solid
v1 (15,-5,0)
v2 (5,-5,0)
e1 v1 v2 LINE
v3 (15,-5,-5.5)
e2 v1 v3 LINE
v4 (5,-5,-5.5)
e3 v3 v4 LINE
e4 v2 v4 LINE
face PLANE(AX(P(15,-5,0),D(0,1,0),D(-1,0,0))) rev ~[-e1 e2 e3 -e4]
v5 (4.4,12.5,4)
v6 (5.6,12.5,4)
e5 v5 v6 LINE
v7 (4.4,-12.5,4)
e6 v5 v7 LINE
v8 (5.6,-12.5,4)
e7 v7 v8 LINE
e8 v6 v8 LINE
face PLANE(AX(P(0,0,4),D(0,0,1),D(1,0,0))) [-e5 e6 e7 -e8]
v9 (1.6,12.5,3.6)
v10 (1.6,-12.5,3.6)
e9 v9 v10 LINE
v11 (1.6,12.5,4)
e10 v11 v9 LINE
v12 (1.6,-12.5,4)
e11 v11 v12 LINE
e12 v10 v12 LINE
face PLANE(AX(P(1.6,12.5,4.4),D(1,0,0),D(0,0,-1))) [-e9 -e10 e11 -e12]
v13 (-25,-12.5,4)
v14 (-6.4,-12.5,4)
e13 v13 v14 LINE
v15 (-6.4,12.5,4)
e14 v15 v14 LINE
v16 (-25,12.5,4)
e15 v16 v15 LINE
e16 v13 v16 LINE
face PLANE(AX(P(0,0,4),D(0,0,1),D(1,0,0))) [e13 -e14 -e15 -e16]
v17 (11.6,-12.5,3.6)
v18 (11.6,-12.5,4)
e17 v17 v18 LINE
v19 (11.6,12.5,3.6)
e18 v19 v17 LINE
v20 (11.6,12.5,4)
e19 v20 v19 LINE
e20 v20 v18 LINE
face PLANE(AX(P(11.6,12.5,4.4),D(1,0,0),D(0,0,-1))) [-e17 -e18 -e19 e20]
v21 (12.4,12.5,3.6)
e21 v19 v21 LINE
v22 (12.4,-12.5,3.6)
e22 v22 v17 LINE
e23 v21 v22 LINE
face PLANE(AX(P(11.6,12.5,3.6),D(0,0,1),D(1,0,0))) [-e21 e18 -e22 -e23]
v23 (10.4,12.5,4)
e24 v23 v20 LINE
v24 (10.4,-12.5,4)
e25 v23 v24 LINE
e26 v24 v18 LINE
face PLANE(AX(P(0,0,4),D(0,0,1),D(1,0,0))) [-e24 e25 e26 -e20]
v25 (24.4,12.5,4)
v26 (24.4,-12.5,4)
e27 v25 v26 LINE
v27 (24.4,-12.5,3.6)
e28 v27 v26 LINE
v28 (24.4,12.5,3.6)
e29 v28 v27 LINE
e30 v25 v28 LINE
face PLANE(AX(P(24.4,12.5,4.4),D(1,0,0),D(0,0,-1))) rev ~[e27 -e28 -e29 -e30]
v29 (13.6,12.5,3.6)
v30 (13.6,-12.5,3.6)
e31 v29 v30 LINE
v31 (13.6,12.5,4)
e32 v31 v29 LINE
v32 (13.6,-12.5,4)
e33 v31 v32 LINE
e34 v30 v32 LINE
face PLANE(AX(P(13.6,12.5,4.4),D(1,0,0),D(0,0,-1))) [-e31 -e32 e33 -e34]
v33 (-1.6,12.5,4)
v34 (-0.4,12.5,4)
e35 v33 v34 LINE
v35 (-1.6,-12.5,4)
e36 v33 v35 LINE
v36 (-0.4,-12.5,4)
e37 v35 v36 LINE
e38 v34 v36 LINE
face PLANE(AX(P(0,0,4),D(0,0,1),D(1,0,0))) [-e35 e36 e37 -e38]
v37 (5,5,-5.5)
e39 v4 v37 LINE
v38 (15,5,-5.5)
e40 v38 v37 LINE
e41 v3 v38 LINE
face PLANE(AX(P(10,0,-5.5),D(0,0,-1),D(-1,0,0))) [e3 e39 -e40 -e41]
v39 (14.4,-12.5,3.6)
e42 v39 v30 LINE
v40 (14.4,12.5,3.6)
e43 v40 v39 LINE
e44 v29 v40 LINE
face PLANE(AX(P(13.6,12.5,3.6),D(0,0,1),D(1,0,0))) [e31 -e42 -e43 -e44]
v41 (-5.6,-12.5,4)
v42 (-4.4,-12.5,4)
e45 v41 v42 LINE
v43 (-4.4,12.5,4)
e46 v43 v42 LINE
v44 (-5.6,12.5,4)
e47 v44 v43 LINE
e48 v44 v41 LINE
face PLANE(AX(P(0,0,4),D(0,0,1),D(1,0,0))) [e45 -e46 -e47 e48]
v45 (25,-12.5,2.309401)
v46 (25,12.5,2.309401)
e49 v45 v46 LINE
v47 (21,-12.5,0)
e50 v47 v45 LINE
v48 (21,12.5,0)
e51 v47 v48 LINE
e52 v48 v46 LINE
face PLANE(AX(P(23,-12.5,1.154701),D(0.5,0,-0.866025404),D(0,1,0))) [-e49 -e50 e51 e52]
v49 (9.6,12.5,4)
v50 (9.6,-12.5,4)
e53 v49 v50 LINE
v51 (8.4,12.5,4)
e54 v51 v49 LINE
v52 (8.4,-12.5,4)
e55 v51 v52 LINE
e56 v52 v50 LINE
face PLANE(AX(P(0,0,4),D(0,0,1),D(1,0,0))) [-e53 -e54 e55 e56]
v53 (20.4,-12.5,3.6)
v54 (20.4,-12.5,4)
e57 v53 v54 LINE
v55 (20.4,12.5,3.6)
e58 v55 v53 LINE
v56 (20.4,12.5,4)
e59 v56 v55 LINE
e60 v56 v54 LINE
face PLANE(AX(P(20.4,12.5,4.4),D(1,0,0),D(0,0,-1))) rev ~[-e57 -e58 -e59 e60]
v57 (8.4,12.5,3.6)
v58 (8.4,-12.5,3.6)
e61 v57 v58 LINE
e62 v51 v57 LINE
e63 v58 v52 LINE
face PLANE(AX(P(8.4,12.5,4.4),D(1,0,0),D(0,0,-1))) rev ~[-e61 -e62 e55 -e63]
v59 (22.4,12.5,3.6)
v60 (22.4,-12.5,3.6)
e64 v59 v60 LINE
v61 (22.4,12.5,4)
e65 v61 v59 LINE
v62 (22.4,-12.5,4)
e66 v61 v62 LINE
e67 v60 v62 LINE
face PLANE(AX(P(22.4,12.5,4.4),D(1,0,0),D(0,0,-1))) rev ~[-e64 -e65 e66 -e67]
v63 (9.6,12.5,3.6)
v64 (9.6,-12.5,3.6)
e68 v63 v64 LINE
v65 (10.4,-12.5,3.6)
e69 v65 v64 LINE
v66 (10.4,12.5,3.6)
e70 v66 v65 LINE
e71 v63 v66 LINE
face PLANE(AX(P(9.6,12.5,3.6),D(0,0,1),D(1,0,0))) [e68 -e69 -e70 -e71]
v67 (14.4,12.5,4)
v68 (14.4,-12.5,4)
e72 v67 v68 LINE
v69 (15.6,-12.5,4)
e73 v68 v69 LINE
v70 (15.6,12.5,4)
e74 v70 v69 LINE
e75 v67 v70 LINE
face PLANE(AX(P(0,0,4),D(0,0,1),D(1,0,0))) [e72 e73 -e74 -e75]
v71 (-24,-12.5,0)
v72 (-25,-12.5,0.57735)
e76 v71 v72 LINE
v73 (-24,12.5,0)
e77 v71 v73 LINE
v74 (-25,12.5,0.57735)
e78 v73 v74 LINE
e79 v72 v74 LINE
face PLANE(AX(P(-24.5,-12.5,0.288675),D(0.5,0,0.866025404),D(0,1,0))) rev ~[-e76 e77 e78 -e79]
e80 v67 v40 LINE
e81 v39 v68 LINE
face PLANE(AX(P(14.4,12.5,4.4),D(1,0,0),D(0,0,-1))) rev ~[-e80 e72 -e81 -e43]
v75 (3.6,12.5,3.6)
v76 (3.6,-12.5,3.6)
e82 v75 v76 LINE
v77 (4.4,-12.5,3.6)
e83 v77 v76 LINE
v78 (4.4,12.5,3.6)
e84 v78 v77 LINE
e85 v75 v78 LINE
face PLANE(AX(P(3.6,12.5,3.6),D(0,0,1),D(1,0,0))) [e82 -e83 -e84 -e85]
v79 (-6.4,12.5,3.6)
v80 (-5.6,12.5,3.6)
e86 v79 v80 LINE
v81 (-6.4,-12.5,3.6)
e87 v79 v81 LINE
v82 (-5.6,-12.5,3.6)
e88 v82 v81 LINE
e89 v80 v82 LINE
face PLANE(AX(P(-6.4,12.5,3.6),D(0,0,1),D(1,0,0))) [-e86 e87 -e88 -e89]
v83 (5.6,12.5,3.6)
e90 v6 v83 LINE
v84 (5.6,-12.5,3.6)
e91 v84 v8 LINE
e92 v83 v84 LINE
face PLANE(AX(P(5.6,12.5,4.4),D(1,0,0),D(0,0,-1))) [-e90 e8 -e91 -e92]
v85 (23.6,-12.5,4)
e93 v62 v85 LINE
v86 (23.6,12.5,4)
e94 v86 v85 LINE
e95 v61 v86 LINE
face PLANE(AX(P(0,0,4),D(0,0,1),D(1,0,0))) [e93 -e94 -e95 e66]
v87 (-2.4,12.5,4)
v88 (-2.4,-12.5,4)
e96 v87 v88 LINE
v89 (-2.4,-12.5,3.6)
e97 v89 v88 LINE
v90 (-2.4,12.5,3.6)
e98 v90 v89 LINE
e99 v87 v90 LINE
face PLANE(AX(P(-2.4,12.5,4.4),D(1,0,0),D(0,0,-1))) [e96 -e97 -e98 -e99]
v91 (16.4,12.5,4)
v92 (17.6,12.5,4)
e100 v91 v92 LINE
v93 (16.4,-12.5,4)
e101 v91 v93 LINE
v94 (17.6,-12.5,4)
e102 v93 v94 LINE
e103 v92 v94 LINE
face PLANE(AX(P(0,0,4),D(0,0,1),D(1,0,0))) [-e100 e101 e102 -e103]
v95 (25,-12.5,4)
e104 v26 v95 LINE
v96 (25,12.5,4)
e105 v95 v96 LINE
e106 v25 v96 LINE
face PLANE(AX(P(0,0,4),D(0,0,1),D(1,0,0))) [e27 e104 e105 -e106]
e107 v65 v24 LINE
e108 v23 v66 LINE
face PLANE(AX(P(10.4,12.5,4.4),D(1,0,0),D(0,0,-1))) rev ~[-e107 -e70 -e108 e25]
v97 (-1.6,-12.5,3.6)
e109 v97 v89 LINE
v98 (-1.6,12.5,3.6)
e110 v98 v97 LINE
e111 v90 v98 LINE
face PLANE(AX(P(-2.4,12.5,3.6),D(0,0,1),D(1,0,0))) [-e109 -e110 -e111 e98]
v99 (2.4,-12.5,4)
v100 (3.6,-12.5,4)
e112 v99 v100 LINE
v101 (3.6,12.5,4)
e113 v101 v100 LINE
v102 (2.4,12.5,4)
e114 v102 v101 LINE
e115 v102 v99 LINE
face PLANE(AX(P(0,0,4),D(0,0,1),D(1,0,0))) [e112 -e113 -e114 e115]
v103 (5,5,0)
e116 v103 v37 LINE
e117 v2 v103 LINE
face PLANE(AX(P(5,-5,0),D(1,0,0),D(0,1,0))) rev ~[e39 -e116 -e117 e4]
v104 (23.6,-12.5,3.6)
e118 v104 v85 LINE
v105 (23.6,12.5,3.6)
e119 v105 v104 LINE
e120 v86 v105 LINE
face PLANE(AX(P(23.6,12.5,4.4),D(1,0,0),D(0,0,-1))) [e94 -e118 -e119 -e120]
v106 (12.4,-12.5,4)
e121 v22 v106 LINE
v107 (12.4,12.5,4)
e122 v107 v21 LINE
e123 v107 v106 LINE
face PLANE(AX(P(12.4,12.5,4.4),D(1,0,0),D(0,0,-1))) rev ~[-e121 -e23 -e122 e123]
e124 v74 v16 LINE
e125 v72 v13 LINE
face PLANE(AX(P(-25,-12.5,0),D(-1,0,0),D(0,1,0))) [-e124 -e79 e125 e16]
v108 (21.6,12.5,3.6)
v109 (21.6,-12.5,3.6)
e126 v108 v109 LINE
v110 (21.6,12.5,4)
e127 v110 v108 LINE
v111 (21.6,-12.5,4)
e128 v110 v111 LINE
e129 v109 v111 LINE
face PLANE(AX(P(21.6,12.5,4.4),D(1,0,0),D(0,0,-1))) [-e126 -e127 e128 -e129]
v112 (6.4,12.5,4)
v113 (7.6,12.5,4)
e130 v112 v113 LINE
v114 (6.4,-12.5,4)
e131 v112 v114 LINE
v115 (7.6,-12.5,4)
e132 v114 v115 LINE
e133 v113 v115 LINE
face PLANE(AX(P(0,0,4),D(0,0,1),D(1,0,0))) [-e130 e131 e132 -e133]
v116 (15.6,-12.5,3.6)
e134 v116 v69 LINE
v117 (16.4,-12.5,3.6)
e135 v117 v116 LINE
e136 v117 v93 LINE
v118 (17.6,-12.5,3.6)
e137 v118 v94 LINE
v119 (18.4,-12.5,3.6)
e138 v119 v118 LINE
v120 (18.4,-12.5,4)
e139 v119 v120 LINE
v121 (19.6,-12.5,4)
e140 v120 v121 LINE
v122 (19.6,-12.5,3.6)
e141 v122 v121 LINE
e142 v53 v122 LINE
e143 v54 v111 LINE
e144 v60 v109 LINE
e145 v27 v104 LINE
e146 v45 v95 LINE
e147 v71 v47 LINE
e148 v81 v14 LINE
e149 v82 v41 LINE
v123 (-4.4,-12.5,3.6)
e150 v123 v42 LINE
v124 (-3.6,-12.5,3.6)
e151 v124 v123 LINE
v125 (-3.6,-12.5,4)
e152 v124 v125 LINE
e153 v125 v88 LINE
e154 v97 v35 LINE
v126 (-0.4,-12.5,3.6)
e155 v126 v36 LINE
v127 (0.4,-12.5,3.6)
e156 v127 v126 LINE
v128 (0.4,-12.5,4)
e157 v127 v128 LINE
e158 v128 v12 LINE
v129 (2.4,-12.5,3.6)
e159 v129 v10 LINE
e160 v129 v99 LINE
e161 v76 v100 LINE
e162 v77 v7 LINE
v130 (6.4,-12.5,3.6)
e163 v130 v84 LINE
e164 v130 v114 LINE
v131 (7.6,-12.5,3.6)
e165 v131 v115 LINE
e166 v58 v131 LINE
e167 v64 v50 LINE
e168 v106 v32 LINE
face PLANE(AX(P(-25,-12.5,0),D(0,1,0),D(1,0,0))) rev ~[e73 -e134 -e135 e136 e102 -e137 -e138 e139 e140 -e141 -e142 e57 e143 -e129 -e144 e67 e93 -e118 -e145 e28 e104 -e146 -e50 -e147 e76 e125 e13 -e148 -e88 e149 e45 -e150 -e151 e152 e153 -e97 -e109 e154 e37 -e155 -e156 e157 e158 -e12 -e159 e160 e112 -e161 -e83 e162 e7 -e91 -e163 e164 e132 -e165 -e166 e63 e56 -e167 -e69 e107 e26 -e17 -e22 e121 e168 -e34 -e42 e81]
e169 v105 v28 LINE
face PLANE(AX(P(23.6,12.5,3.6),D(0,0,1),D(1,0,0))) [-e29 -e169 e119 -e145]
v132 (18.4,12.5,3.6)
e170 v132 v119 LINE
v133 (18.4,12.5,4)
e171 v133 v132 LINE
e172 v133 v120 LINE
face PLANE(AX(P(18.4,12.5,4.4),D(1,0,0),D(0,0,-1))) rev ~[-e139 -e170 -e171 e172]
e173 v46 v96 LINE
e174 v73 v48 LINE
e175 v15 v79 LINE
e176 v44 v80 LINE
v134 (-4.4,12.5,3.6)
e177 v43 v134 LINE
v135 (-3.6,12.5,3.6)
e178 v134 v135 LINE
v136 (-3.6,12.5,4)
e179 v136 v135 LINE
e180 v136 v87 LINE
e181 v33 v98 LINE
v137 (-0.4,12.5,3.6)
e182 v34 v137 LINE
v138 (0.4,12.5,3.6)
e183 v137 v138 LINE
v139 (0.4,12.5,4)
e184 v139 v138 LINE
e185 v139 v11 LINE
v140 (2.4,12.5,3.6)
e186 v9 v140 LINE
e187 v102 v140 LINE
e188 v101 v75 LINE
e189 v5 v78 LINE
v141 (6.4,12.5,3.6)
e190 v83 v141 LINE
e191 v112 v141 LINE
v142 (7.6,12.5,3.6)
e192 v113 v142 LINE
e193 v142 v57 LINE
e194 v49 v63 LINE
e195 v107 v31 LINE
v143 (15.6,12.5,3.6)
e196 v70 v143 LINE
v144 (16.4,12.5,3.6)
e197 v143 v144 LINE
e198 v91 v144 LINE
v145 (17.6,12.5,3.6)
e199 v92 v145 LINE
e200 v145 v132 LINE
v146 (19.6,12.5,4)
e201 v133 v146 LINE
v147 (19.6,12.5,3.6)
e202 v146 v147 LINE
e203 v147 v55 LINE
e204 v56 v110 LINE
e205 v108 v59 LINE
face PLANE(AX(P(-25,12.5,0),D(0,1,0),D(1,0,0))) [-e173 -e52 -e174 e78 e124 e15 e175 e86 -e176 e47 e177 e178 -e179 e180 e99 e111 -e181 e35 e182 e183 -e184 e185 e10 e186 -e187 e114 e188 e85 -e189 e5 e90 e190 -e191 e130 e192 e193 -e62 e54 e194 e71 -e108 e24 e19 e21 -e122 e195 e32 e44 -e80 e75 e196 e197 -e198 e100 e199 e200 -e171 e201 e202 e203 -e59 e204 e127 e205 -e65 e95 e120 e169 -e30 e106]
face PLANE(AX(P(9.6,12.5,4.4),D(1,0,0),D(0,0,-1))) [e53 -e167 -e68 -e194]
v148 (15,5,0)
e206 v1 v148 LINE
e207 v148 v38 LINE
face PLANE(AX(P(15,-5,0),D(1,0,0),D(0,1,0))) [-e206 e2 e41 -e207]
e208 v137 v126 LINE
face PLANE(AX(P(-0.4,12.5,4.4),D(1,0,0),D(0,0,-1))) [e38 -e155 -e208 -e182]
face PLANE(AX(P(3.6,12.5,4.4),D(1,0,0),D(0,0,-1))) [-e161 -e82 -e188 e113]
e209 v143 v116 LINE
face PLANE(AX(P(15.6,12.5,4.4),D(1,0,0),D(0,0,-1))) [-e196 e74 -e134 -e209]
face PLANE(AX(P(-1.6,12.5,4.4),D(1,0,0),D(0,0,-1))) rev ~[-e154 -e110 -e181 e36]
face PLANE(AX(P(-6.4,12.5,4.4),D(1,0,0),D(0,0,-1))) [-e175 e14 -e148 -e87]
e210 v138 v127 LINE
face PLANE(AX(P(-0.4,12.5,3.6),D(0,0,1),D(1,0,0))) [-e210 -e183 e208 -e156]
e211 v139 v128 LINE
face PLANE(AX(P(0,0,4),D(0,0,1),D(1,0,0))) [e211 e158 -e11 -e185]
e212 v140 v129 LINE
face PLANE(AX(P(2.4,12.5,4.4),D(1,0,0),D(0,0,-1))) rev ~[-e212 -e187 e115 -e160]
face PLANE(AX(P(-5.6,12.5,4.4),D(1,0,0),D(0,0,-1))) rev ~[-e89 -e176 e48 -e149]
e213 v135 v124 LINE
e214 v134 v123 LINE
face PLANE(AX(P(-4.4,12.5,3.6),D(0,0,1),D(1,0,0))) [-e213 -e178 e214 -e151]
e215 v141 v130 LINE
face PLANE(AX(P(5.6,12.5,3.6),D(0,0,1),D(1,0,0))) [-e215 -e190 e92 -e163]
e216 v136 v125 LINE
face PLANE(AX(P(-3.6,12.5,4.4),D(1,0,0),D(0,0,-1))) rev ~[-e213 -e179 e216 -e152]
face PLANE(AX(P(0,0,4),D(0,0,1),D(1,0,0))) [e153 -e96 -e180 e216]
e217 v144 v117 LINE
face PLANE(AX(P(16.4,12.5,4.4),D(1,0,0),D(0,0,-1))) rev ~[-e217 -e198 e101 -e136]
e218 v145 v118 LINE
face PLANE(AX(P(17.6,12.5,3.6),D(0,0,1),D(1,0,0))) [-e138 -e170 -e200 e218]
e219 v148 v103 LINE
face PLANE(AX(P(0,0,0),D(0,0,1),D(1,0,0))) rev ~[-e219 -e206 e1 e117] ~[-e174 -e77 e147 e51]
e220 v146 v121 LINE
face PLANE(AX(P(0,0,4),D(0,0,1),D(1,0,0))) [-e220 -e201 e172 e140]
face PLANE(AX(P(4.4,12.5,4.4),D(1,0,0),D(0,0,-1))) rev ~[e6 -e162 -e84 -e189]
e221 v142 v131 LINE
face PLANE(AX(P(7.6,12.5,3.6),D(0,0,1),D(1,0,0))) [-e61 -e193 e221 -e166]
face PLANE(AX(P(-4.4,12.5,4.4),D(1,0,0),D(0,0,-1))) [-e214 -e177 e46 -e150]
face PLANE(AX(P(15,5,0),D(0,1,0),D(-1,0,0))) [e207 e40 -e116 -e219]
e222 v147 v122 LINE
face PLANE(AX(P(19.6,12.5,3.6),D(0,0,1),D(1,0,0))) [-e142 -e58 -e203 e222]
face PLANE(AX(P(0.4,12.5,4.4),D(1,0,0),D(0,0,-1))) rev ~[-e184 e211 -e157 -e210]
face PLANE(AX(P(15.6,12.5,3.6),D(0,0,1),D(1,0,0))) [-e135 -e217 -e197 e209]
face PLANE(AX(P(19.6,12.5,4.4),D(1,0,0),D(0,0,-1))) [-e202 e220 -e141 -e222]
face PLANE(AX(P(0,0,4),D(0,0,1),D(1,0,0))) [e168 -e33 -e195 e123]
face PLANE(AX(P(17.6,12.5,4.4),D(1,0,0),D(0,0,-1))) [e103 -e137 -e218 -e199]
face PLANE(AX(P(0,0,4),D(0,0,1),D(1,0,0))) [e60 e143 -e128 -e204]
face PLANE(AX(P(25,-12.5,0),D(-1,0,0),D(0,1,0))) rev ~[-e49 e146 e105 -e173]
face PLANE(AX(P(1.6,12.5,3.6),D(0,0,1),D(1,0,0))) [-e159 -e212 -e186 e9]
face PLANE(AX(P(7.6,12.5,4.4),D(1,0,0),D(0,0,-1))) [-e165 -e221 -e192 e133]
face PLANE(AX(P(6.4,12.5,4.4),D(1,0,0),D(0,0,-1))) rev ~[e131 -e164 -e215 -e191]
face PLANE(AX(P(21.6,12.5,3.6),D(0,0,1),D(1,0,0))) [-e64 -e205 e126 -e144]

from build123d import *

# Parameters (mm, degrees)
SKETCH1_W           = 50
SKETCH1_H           = 25
BOSS_EXTRUDE1_DEPTH = 4
CHAMFER1_SIZE       = 4
CHAMFER1_SIZE2      = 2.309401077
SKETCH2_W           = 10
SKETCH2_H           = 10
BOSS_EXTRUDE2_DEPTH = 5.5
CUT_EXTRUDE1_REACH  = 37.781
SKETCH3_W           = 0.8
SKETCH3_H           = 0.8
LPATTERN1_COUNT     = 16
LPATTERN1_PITCH     = 2
CHAMFER2_SIZE       = 1
CHAMFER2_SIZE2      = 0.577350269


with BuildPart() as part:
    # Sketch1 → Boss-Extrude1 (new body)
    with BuildSketch(Plane.XY):
        Rectangle(SKETCH1_W, SKETCH1_H)
    extrude(amount=BOSS_EXTRUDE1_DEPTH)

    # Chamfer1
    chamfer1_edges = [part.edges().sort_by_distance(p)[0] for p in [
        (25, 0, 0),
    ]]
    chamfer1_side = [part.faces().sort_by_distance(p)[0] for p in [
        (0, 0, 0),
    ]]
    chamfer(chamfer1_edges, length=CHAMFER1_SIZE, length2=CHAMFER1_SIZE2, reference=chamfer1_side[0])

    # Sketch2 → Boss-Extrude2 (add)
    with BuildSketch(Plane(origin=(0, 0, 0), x_dir=(-1, 0, 0), z_dir=(0, 0, -1))):
        with Locations((-10, 0)):
            Rectangle(SKETCH2_W, SKETCH2_H)
    extrude(amount=BOSS_EXTRUDE2_DEPTH)

    # Sketch3 → Cut-Extrude1 (cut, up to next)
    with BuildSketch(Plane(origin=(0, 12.5, 0), x_dir=(1, 0, 0), z_dir=(0, 1, 0)), mode=Mode.PRIVATE) as cut_extrude1_sk1:
        with Locations((24, -4)):
            Rectangle(SKETCH3_W, SKETCH3_H)
    cut_extrude1_tool1 = extrude(cut_extrude1_sk1.sketch, amount=-CUT_EXTRUDE1_REACH, mode=Mode.PRIVATE) & part.part
    cut_extrude1 = cut_extrude1_tool1.solids().sort_by_distance((24, 12.5, 4))[0]
    add(cut_extrude1, mode=Mode.SUBTRACT)

    # LPattern1: Cut-Extrude1 ×16
    with Locations(*[(-i * LPATTERN1_PITCH, 0, 0) for i in range(1, LPATTERN1_COUNT)]):
        add(cut_extrude1, mode=Mode.SUBTRACT)

    # Chamfer2
    chamfer2_edges = [part.edges().sort_by_distance(p)[0] for p in [
        (-25, 0, 0),
    ]]
    chamfer2_side = [part.faces().sort_by_distance(p)[0] for p in [
        (-3.142857143, 0, 0),
    ]]
    chamfer(chamfer2_edges, length=CHAMFER2_SIZE, length2=CHAMFER2_SIZE2, reference=chamfer2_side[0])


solid = part.part
